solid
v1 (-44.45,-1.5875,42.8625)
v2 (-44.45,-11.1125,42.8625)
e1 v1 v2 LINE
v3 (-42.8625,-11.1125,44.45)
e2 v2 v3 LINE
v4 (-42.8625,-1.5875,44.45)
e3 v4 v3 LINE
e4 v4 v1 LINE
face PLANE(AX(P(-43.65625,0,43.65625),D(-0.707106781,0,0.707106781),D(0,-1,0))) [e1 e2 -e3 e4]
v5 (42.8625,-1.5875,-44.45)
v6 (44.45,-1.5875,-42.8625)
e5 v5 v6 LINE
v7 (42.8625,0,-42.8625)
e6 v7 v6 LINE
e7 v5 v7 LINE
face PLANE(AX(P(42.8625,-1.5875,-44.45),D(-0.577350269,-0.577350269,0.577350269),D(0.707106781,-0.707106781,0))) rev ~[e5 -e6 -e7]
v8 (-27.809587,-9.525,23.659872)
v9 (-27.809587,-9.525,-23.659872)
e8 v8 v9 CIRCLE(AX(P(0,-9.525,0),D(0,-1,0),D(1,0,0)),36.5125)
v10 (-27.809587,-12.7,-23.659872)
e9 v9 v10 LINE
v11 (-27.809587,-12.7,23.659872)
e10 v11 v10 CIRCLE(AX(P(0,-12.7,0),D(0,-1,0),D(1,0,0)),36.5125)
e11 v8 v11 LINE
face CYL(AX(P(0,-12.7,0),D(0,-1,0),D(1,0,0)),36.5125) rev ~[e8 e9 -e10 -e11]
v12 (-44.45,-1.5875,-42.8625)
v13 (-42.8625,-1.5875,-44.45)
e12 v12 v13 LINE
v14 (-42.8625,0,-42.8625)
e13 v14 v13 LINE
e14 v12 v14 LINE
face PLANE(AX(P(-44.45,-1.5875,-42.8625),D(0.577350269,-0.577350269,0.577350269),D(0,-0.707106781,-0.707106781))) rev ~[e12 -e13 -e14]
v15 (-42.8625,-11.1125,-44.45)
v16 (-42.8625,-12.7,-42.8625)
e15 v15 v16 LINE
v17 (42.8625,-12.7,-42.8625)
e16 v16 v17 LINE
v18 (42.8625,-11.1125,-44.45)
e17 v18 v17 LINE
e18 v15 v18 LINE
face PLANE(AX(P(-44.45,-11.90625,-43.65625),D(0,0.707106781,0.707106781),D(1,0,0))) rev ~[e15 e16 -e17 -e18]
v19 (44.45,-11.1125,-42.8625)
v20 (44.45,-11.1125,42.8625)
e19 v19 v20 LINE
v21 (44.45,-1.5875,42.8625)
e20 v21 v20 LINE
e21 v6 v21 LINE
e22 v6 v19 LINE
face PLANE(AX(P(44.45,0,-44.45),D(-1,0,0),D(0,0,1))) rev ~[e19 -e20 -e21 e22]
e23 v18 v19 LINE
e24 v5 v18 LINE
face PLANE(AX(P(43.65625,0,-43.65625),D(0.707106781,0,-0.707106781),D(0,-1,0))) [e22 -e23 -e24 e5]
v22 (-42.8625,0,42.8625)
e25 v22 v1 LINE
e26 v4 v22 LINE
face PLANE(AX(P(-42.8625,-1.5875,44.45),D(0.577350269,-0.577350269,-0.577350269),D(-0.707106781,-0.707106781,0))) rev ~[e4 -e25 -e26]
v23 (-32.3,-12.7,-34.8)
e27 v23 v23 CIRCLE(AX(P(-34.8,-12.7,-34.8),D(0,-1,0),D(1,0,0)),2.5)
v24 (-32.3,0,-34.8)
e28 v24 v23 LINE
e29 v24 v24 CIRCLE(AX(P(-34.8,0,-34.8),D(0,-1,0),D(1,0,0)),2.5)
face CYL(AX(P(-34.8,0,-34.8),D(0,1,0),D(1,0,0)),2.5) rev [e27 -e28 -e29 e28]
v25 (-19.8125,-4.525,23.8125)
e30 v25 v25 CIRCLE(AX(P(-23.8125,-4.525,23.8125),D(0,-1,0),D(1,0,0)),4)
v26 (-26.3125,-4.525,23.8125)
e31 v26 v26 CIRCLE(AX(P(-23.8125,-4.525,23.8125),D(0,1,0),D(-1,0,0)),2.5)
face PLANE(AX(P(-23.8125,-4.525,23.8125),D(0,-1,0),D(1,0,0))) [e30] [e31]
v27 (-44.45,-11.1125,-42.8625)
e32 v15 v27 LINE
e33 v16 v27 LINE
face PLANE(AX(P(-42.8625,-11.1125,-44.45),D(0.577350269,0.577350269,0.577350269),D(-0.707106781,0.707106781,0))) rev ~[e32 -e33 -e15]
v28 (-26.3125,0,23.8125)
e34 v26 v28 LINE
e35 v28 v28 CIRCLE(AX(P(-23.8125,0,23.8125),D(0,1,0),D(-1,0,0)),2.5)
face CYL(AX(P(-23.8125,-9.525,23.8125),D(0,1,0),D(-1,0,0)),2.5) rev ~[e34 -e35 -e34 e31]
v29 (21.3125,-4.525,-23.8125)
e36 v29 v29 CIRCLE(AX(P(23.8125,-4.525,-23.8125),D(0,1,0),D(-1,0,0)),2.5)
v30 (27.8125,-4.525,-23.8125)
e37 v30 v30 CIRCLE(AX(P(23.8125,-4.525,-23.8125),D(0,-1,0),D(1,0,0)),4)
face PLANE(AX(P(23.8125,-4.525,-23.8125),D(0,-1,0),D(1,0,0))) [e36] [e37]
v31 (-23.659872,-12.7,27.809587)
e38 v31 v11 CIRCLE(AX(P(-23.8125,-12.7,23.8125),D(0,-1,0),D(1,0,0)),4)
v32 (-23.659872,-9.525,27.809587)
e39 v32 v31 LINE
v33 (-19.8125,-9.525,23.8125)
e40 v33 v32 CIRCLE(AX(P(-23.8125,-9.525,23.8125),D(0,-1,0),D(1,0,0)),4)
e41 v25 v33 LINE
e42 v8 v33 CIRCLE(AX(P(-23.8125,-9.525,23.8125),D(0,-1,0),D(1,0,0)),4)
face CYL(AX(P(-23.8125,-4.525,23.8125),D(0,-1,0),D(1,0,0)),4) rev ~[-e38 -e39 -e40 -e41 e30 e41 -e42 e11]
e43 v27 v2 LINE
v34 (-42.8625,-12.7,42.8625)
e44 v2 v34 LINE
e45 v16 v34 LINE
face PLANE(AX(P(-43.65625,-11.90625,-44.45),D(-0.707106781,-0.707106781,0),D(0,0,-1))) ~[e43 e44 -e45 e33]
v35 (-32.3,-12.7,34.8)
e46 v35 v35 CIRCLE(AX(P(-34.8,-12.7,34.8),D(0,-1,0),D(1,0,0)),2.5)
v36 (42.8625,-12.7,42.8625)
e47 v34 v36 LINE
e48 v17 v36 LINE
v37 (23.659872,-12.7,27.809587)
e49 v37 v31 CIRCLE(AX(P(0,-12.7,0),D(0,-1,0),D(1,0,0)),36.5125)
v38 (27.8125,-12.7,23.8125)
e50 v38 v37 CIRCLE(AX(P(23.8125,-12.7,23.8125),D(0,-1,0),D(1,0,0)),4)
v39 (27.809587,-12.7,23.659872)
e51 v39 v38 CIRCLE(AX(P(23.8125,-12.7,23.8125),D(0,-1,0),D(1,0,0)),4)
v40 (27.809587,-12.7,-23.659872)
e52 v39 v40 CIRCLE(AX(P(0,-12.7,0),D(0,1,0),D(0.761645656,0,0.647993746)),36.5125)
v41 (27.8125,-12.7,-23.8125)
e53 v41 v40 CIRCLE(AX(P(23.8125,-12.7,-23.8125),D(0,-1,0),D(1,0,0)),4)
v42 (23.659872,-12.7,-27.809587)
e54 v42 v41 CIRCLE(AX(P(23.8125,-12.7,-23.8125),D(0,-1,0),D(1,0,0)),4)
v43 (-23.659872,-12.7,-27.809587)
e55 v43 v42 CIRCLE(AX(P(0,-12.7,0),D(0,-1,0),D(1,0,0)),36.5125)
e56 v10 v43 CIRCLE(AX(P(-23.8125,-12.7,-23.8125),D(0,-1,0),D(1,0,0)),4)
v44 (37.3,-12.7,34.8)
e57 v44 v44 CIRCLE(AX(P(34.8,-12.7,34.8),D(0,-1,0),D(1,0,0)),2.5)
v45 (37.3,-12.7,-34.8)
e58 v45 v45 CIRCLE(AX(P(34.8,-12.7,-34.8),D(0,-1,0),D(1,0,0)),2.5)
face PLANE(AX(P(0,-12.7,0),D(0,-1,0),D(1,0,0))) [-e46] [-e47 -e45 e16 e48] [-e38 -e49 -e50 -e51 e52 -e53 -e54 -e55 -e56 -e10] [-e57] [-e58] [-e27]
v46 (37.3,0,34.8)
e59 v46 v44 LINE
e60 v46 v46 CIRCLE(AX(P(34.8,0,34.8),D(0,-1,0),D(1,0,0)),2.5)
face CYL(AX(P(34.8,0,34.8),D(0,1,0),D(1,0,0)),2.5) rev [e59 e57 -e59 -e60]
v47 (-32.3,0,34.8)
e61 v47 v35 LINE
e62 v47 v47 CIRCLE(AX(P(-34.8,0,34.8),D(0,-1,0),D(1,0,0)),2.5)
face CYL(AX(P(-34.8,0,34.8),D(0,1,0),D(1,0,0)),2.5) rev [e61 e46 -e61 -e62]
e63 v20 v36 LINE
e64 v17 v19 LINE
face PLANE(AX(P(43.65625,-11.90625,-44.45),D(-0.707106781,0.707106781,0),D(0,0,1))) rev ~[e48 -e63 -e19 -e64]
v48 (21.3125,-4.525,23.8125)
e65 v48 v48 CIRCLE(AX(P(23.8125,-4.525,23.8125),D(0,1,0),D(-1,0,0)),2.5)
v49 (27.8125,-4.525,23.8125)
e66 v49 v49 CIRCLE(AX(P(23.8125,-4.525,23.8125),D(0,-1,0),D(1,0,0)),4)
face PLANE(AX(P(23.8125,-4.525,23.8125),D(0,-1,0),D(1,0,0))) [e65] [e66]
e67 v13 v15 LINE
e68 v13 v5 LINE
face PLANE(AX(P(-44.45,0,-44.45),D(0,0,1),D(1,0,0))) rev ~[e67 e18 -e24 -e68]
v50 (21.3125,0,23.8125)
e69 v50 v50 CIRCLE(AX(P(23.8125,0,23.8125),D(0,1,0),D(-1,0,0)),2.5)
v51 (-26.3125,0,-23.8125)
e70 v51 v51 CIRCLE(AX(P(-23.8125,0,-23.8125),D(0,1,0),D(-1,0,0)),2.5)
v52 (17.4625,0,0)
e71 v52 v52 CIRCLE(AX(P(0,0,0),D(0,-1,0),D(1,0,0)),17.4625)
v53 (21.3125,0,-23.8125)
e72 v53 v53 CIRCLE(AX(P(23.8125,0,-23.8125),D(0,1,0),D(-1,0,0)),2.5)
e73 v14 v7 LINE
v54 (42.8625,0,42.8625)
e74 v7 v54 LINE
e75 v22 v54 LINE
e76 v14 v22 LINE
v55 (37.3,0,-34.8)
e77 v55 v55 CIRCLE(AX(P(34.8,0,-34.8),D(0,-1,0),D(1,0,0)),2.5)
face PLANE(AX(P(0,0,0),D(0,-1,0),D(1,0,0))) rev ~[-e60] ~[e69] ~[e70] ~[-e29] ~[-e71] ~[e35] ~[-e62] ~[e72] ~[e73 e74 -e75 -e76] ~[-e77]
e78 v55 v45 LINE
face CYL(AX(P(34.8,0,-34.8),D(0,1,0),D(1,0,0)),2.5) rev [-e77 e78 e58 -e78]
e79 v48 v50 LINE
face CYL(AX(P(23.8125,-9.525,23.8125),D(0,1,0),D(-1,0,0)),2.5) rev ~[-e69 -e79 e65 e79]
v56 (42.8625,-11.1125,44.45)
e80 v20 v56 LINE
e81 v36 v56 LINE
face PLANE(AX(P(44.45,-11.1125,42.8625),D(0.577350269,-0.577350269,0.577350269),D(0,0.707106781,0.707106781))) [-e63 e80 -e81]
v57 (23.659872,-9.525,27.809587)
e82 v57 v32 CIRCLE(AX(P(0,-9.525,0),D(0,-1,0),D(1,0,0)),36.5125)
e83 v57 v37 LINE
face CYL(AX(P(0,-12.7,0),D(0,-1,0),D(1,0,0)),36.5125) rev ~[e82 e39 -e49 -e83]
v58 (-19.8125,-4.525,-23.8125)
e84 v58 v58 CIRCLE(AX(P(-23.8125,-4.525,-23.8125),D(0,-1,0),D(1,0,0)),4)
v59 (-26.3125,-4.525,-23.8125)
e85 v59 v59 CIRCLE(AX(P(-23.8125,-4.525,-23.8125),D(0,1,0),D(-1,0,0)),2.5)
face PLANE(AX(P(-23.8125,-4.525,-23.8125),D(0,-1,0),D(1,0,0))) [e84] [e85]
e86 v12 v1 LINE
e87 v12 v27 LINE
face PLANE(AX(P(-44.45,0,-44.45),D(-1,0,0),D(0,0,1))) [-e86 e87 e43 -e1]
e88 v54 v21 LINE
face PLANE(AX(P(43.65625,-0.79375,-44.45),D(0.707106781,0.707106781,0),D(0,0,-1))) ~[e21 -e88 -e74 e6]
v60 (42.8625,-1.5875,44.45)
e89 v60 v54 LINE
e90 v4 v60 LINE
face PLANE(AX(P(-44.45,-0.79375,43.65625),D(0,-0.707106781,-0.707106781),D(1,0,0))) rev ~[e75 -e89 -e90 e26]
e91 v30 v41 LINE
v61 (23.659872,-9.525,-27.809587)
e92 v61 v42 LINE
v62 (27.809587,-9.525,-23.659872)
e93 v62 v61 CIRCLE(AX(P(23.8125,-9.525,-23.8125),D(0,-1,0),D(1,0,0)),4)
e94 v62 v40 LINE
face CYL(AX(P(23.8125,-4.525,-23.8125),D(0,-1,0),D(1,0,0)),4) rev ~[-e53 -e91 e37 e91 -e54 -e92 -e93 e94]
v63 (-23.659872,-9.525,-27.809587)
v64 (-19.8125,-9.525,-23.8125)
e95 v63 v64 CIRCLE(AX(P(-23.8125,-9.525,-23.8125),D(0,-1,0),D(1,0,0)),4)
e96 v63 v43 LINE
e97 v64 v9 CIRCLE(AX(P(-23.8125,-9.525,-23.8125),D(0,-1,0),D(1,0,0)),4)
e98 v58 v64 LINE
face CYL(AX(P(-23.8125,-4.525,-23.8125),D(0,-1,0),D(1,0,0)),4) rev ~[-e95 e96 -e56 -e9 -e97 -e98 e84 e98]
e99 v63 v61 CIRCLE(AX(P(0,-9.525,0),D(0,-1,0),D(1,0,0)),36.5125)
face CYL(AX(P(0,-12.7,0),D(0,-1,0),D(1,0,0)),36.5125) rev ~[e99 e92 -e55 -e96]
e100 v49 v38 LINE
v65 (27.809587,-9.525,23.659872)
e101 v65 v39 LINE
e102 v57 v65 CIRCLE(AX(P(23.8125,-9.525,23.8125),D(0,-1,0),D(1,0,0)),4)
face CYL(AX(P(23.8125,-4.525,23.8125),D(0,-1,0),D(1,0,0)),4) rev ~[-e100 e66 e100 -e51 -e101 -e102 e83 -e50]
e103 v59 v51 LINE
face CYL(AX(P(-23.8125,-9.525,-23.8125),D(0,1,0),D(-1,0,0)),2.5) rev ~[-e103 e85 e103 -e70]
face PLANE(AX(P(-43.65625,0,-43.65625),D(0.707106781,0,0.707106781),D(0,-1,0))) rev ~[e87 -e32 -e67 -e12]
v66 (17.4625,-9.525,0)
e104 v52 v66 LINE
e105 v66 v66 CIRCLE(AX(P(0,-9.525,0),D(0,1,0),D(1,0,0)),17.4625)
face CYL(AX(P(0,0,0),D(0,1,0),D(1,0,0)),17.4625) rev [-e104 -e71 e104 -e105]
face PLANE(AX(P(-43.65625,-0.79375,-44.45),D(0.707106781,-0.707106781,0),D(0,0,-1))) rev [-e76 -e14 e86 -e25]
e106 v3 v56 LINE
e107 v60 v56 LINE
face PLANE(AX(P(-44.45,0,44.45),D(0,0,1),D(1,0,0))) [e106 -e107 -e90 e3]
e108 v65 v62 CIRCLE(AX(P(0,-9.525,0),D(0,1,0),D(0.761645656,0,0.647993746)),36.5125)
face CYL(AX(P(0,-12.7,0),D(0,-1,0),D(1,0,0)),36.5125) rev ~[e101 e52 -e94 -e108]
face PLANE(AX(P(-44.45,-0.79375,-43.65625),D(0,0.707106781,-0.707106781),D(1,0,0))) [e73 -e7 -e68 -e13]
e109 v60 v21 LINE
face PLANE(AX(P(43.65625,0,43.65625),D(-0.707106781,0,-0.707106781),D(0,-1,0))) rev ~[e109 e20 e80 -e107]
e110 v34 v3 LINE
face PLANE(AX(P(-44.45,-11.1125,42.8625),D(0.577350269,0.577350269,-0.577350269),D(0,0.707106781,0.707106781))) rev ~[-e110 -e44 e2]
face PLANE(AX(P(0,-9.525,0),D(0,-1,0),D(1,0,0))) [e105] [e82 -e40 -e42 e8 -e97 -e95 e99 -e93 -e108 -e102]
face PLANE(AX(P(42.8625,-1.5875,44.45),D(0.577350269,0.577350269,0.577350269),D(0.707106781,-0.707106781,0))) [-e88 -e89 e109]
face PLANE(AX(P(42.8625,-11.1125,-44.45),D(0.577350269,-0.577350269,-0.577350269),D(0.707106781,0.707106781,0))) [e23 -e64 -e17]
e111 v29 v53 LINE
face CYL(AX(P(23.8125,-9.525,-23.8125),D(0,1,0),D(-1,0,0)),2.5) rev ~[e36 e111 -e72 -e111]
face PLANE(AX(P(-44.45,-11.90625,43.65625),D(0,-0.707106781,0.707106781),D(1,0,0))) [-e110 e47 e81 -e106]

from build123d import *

# Parameters (mm, degrees)
F0_W           = 88.9
F0_H           = 88.9
F0_R           = 2.5
F0_R_2         = 17.4625
F1_DEPTH       = 12.7
F2_R           = 36.5125
F3_DEPTH       = 3.175
F5_D           = 5
F5_START       = 3.175
F5_CBORE_D     = 8
F5_CBORE_DEPTH = 5
F6_SIZE        = 1.5875


with BuildPart() as f1:
    # F0 (on Front) → F1 (new body)
    with BuildSketch(Plane.XZ):
        Rectangle(F0_W, F0_H)
        with Locations((-34.8, -34.8)):
            Circle(F0_R, mode=Mode.SUBTRACT)
        with Locations((34.8, -34.8)):
            Circle(F0_R, mode=Mode.SUBTRACT)
        with Locations((-34.8, 34.8)):
            Circle(F0_R, mode=Mode.SUBTRACT)
        Circle(F0_R_2, mode=Mode.SUBTRACT)
        with Locations((34.8, 34.8)):
            Circle(F0_R, mode=Mode.SUBTRACT)
    extrude(amount=F1_DEPTH)

    # F2 (on face) → F3 (cut)
    with BuildSketch(Plane.XZ.offset(12.7)):
        Circle(F2_R)
    extrude(amount=-F3_DEPTH, mode=Mode.SUBTRACT)

    # F5 (through all)
    # its depths count from where the whole tool has entered the part; down to there all is cleared
    with Locations(Plane.XZ.offset(12.7).offset(-F5_START)):
        with Locations((-23.8125, 23.8125), (23.8125, 23.8125), (23.8125, -23.8125), (-23.8125, -23.8125)):
            CounterBoreHole(F5_D / 2, F5_CBORE_D / 2, F5_CBORE_DEPTH)

    # F6
    f6_edges = [f1.edges().sort_by_distance(p)[0] for p in [
        (0, -12.7, 44.45),
        (-44.45, -12.7, 0),
        (44.45, -12.7, 0),
        (0, -12.7, -44.45),
        (44.45, 0, 0),
        (0, 0, -44.45),
        (-44.45, 0, 0),
        (0, 0, 44.45),
        (-44.45, -6.35, 44.45),
        (-44.45, -6.35, -44.45),
        (44.45, -6.35, 44.45),
        (44.45, -6.35, -44.45),
    ]]
    chamfer(f6_edges, length=F6_SIZE)


solid = f1.part
